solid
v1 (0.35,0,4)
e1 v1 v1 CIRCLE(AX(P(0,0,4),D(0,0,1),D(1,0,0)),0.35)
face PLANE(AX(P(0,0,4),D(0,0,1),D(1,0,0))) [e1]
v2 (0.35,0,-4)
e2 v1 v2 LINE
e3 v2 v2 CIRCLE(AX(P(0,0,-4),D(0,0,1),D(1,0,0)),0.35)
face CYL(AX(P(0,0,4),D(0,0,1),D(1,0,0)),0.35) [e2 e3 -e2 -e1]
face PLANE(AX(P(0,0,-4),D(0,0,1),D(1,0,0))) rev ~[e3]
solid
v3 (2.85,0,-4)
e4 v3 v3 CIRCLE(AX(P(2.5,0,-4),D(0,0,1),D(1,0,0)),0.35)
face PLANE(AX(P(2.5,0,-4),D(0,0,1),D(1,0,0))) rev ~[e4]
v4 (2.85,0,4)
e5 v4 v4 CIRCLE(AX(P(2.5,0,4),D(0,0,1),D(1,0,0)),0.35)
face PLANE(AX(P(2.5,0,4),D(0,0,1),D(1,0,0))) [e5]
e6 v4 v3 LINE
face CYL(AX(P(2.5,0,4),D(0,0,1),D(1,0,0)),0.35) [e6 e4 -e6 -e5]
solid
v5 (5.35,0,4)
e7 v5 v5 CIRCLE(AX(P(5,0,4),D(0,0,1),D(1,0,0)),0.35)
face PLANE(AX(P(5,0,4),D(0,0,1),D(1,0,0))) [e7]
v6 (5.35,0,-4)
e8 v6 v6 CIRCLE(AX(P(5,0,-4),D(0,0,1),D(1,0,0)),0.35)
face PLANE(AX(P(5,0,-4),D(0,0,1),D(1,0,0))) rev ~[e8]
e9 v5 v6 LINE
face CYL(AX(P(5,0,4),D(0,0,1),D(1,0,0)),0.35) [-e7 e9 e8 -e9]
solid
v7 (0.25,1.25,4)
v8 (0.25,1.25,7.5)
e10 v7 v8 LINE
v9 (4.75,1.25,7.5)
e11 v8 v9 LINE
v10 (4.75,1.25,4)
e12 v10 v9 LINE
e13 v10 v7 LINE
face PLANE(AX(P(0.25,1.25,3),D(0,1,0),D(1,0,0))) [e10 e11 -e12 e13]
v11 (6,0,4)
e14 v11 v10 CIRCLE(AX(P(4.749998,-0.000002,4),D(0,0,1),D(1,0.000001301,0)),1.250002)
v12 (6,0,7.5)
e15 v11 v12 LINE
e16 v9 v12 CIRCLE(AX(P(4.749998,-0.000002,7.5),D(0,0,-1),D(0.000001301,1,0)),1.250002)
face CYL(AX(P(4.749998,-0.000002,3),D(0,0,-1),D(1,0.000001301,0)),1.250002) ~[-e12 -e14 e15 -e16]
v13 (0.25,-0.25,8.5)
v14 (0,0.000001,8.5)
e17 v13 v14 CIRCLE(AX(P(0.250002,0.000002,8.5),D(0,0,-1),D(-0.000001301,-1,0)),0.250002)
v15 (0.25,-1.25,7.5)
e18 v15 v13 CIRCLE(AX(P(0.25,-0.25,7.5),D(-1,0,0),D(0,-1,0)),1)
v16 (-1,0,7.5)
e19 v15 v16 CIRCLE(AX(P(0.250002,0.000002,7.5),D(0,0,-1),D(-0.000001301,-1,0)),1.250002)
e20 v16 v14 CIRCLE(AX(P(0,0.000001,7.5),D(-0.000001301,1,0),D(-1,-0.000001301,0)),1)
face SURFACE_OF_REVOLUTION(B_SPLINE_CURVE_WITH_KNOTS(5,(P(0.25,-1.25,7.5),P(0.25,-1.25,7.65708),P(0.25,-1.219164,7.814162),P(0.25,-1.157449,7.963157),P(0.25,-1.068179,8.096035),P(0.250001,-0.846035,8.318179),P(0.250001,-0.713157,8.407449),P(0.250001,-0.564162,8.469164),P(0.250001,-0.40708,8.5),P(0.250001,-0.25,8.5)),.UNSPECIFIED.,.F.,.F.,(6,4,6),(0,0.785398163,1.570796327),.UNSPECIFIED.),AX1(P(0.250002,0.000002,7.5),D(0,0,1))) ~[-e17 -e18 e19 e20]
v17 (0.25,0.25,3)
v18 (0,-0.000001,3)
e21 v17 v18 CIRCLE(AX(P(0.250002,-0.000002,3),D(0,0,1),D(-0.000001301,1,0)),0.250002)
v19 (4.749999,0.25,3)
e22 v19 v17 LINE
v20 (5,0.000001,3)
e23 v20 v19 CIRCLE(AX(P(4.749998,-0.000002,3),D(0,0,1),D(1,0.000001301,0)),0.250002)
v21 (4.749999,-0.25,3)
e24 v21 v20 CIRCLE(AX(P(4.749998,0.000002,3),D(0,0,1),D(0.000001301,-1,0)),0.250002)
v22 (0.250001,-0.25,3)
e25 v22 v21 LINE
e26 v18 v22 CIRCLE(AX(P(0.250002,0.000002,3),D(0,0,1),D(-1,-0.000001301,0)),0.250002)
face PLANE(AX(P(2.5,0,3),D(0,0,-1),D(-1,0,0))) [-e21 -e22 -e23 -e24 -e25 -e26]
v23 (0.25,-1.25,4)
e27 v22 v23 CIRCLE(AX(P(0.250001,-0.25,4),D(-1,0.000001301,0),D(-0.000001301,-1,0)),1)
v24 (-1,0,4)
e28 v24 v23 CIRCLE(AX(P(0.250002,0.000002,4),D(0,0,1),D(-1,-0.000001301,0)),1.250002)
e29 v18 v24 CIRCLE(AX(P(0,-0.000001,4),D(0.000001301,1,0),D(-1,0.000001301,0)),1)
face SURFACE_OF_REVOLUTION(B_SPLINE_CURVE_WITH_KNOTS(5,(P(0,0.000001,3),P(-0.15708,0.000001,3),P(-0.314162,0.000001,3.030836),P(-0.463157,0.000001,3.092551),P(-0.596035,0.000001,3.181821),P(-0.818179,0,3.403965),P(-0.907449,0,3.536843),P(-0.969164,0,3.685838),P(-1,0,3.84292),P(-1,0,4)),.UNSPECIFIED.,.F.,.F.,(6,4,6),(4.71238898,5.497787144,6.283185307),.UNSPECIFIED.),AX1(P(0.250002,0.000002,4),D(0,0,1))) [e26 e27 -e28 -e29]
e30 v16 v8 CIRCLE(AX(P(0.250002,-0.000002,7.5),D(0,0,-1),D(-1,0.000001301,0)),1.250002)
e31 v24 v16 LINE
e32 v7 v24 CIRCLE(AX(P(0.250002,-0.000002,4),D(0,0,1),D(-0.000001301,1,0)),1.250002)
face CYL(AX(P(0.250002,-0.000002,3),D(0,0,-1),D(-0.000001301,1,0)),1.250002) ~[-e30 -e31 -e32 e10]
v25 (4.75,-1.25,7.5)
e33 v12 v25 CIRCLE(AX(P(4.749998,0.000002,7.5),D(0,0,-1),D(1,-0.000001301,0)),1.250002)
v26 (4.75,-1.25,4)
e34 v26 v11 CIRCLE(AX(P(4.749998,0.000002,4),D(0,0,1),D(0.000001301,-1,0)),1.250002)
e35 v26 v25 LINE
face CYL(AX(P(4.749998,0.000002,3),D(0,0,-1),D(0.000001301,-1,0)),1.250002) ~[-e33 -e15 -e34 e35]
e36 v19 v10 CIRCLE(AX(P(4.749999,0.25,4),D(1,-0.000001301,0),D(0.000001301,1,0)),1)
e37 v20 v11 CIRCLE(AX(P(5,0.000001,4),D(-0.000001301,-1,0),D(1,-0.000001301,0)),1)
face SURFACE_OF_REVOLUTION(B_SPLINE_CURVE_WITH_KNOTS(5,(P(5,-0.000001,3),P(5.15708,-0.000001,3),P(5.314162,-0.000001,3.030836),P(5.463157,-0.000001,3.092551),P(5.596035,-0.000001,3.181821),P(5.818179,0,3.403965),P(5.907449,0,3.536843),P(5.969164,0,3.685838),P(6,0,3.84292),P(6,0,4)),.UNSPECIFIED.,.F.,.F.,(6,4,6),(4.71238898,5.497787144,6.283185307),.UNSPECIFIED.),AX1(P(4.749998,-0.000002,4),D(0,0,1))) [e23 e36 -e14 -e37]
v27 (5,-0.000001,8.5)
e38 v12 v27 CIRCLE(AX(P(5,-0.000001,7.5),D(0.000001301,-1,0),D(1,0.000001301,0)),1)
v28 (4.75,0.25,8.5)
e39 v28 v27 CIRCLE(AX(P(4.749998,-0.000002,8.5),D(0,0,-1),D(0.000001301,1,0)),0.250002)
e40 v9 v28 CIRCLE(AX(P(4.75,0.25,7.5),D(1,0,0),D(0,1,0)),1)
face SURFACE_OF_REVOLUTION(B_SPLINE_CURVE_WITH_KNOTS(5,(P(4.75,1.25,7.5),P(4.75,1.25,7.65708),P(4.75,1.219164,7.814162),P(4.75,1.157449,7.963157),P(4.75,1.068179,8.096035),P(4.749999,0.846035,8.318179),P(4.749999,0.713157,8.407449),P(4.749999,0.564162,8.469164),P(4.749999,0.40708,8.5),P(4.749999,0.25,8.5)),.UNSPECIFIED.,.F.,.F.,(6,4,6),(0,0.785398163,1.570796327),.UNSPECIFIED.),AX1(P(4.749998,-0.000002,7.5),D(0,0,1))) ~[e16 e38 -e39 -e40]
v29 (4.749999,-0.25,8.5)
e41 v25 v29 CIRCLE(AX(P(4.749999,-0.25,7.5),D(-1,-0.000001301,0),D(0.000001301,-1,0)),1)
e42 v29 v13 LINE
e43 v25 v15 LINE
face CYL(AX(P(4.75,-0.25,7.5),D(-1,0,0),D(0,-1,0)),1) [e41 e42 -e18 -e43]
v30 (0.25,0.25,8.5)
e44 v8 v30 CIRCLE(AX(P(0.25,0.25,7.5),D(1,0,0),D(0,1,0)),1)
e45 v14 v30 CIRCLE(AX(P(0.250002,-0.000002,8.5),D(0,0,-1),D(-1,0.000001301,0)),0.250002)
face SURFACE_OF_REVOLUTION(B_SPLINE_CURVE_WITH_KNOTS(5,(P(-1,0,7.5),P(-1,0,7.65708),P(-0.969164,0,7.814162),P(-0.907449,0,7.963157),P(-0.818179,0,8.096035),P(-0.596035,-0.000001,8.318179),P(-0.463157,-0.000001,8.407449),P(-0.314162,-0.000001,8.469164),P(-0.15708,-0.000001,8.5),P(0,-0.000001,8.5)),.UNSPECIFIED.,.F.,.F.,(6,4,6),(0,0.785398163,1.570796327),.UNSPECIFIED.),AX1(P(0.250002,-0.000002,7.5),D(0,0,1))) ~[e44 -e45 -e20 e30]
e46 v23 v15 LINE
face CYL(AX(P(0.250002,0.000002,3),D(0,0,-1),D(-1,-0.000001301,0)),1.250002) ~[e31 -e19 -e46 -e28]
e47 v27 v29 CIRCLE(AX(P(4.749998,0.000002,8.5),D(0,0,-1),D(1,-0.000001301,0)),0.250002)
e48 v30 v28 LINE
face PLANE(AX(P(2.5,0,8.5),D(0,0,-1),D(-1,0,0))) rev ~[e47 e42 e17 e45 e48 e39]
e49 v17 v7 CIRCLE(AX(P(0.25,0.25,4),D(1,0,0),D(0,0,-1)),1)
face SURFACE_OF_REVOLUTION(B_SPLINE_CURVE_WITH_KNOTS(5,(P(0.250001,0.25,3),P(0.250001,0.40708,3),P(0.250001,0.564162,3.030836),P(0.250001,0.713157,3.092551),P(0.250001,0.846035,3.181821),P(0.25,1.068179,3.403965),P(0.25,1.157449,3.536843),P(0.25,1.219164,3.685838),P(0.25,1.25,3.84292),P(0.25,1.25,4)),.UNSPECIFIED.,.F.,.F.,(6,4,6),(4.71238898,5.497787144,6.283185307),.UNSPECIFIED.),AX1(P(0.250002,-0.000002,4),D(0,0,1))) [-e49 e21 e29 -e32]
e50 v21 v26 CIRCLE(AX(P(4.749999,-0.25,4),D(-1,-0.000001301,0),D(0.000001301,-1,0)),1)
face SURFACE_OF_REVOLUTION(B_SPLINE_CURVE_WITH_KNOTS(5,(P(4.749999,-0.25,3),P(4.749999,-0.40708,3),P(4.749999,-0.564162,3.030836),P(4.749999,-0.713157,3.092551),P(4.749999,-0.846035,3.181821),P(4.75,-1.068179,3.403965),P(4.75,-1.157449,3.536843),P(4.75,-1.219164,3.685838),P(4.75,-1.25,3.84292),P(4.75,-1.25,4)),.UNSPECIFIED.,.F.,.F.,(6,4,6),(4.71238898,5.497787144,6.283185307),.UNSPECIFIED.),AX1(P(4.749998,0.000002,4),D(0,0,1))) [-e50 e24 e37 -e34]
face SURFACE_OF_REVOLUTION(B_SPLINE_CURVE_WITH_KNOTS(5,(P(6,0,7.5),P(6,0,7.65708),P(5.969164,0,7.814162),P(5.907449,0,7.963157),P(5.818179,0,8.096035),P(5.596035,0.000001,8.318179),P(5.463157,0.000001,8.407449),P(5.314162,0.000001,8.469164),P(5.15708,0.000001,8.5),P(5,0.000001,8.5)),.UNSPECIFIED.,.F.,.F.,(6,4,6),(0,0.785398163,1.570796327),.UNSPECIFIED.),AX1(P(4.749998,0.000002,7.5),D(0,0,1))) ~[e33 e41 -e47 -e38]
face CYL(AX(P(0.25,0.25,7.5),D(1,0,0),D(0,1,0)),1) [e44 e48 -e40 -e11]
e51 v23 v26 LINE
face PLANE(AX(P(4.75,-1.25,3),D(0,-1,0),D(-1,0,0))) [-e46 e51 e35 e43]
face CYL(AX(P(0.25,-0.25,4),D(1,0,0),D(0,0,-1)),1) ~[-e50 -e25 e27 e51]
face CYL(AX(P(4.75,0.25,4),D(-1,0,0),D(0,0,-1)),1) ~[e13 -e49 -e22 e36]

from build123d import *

# Parameters (mm, degrees)
SKETCH_R     = 0.35
PAD_DEPTH    = 8
PAD002_DEPTH = 5.5
FILLET_R     = 1
FILLET001_R  = 1


with BuildPart() as pad:
    # Sketch → Pad (new body)
    with BuildSketch(Plane.XY.offset(4)):
        Circle(SKETCH_R)
        with Locations((5, 0)):
            Circle(SKETCH_R)
        with Locations((2.5, 0)):
            Circle(SKETCH_R)
    extrude(amount=-PAD_DEPTH)


with BuildPart() as fillet001:
    # Sketch003 → Pad002 (new body)
    with BuildSketch(Plane.XY.offset(3)):
        with BuildLine():
            Line((0.25, 1.25), (4.75, 1.25))
            ThreePointArc((6, 0), (5.633883, 0.883883), (4.75, 1.25))
            ThreePointArc((4.75, -1.25), (5.633883, -0.883883), (6, 0))
            Line((4.75, -1.25), (0.25, -1.25))
            ThreePointArc((-1, 0), (-0.633883, -0.883883), (0.25, -1.25))
            ThreePointArc((0.25, 1.25), (-0.633883, 0.883883), (-1, 0))
        make_face()
    extrude(amount=PAD002_DEPTH)

    # Fillet
    fillet_edges = [fillet001.edges().sort_by_distance(p)[0] for p in [
        (2.5, 1.25, 8.5),
        (-0.633883, 0.883883, 8.5),
        (-0.633883, -0.883883, 8.5),
        (2.5, -1.25, 8.5),
        (5.633883, -0.883883, 8.5),
        (5.633883, 0.883883, 8.5),
    ]]
    fillet(fillet_edges, radius=FILLET_R)

    # Fillet001
    fillet001_edges = [fillet001.edges().sort_by_distance(p)[0] for p in [
        (5.633883, -0.883883, 3),
        (5.633883, 0.883883, 3),
        (2.5, 1.25, 3),
        (2.5, -1.25, 3),
        (-0.633883, -0.883883, 3),
        (-0.633883, 0.883883, 3),
    ]]
    fillet(fillet001_edges, radius=FILLET001_R)


solid = Compound([pad.part, fillet001.part])
